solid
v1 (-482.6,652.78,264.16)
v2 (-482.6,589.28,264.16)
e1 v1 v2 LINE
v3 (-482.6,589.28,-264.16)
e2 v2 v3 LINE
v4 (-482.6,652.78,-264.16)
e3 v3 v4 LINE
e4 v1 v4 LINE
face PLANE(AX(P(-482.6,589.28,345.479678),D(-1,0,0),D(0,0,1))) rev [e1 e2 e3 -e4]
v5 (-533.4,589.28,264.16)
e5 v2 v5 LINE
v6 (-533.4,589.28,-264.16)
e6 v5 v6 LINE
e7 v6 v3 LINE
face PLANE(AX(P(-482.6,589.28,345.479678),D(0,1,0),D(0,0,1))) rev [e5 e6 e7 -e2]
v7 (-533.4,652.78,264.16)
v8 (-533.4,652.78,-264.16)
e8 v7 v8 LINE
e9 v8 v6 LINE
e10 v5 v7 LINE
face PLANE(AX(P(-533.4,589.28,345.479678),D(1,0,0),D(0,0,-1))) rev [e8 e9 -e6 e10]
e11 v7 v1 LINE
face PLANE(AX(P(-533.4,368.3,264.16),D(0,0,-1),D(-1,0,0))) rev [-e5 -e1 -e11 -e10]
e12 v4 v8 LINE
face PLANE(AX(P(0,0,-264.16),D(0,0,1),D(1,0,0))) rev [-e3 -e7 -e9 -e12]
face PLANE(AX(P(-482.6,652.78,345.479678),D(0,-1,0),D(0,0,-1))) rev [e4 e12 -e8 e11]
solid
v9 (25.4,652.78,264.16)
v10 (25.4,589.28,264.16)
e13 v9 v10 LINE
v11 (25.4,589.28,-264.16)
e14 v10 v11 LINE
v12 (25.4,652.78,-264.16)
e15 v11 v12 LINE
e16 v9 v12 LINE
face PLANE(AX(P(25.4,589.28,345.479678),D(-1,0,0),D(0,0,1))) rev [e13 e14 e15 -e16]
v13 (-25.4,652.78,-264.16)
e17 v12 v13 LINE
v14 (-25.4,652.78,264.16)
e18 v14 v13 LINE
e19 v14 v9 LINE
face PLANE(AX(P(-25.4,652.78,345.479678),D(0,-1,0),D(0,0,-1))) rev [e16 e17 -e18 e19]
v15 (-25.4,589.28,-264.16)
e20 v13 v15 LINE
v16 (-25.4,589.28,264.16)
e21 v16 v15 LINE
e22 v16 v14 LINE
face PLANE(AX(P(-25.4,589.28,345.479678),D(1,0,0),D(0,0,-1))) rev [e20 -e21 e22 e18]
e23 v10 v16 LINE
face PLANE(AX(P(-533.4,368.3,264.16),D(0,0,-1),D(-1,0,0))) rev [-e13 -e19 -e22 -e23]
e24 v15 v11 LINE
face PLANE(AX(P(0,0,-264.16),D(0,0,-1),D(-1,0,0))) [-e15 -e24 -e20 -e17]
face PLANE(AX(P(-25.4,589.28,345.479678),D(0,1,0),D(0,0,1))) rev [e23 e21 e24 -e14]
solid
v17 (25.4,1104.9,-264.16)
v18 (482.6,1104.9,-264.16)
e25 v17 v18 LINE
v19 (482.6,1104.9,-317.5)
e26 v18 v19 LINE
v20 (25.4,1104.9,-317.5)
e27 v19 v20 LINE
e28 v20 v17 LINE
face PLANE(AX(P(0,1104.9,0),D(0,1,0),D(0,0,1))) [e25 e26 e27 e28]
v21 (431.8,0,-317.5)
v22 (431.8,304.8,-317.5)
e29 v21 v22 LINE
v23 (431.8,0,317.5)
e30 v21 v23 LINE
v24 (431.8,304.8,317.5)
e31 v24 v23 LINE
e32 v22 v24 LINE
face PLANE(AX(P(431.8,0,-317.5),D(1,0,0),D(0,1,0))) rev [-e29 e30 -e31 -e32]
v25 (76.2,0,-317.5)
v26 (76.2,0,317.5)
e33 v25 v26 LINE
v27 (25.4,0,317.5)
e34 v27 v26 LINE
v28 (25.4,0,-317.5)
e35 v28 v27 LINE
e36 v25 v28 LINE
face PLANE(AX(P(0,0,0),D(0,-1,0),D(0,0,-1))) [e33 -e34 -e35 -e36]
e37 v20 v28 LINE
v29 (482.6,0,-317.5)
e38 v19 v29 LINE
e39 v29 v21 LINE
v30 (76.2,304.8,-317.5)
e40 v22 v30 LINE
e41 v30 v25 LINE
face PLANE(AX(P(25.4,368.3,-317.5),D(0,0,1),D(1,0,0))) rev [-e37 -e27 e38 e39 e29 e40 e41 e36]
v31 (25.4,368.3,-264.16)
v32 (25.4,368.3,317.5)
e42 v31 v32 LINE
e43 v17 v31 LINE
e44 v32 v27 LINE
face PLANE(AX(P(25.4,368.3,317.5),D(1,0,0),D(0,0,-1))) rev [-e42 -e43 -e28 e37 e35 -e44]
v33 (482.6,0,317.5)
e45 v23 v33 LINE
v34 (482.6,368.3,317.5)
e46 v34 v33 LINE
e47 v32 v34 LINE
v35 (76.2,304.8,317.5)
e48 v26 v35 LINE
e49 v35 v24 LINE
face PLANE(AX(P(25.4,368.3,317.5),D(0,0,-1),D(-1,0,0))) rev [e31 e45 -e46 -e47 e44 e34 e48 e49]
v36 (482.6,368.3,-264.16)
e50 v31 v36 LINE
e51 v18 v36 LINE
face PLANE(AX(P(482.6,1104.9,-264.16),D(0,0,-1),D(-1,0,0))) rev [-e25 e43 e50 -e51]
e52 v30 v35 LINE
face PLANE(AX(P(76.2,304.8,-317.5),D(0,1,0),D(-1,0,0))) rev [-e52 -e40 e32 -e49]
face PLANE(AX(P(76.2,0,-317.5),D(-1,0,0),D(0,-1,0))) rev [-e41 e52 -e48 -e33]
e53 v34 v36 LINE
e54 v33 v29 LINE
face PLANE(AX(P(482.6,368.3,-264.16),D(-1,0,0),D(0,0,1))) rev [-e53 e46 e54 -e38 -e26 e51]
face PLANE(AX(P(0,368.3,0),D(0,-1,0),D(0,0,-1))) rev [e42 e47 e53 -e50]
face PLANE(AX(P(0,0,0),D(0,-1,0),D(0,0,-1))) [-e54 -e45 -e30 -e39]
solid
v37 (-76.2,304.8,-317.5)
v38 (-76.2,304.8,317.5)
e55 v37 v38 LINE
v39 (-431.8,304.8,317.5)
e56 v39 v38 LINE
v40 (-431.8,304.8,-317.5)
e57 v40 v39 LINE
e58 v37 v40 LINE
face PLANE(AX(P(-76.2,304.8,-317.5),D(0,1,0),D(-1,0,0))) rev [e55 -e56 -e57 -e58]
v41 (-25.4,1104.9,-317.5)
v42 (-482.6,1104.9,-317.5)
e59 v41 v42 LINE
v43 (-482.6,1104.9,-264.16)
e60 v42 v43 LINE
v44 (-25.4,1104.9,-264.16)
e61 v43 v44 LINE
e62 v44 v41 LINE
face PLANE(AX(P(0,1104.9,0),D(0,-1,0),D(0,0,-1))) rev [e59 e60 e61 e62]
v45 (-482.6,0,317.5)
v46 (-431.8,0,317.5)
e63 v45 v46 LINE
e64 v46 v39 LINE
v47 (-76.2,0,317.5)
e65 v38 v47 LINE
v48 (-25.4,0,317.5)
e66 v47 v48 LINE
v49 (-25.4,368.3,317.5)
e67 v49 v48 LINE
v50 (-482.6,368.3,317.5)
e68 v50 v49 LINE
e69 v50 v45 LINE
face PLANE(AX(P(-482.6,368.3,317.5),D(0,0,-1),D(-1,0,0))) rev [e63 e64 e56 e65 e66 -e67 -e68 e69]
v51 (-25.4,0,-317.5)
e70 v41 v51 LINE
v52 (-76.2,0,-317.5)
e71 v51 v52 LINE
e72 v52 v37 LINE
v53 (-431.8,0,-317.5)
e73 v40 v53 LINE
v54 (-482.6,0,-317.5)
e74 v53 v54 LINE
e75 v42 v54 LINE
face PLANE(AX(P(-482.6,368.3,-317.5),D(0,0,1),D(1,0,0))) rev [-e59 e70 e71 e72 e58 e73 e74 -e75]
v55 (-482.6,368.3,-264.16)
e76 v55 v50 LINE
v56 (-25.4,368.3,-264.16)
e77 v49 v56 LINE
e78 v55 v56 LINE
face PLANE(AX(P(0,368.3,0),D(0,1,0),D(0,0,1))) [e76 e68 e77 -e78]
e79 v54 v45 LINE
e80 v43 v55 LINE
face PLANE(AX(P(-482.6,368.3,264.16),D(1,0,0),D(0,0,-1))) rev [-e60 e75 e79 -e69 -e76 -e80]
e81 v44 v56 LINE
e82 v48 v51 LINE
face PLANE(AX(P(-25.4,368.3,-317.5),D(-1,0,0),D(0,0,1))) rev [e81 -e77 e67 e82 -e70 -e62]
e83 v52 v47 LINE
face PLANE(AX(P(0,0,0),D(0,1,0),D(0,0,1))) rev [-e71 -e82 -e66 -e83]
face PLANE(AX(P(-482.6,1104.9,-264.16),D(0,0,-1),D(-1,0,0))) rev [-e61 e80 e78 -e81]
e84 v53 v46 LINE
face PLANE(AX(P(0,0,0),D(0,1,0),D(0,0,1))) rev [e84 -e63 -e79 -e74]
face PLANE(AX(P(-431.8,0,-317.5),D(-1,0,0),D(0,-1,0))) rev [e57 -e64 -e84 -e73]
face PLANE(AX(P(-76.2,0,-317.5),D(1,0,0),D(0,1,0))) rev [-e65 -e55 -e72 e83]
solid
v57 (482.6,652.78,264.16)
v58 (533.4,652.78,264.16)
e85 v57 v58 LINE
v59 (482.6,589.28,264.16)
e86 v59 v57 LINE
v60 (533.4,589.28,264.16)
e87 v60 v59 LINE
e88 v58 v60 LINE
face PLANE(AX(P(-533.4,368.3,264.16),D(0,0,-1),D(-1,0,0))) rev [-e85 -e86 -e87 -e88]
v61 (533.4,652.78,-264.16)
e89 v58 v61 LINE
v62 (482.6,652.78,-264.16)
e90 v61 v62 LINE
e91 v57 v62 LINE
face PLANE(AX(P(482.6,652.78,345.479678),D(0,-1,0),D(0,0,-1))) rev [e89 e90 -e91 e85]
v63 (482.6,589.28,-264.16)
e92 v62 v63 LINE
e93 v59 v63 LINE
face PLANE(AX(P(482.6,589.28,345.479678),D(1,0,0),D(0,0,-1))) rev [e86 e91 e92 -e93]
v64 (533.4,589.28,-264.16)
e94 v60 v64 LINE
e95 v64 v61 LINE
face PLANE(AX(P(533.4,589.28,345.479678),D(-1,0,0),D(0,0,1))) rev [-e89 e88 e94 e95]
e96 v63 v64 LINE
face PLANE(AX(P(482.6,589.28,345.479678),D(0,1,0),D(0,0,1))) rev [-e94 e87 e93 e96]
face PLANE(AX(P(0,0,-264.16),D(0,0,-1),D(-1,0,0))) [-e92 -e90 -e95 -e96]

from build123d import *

# Parameters (mm, degrees)
BOSS_EXTRUDE1_DEPTH     = 368.3
BOSS_EXTRUDE1_2_DEPTH   = 368.3
SKETCH2_W               = 457.2
SKETCH2_H               = 53.34
BOSS_EXTRUDE2_DEPTH     = 736.6
SKETCH3_W               = 50.8
SKETCH3_H               = 63.5
BOSS_EXTRUDE3_DEPTH     = 528.32
BOSS_EXTRUDE3_2_DEPTH   = 528.32
BOSS_EXTRUDE3_3_DEPTH   = 528.32
CUT_EXTRUDE1_DEPTH      = 1382.500839667
CUT_EXTRUDE1_DEPTH_BACK = 1382.500839667
SKETCH4_W               = 355.6
SKETCH4_H               = 304.8
SKETCH4_W_2             = 50.8
SKETCH4_H_2             = 368.3


with BuildPart() as part:
    # Sketch1 → Boss-Extrude1 (new body)
    with BuildSketch(Plane(origin=(0, 0, 0), x_dir=(1, 0, 0), z_dir=(0, 1, 0))):
        Polygon((-533.4, 264.16), (-482.6, 264.16), (-482.6, 317.5), (-25.4, 317.5), (-25.4, -317.5), (-482.6, -317.5), (-482.6, -264.16), (-533.4, -264.16), align=None)
    extrude(amount=BOSS_EXTRUDE1_DEPTH)



with BuildPart() as body_2:
    # Sketch1 → Boss-Extrude1 2 (new body)
    with BuildSketch(Plane(origin=(0, 0, 0), x_dir=(1, 0, 0), z_dir=(0, 1, 0))):
        Polygon((25.4, -317.5), (482.6, -317.5), (482.6, -264.16), (533.4, -264.16), (533.4, 264.16), (482.6, 264.16), (482.6, 317.5), (25.4, 317.5), align=None)
    extrude(amount=BOSS_EXTRUDE1_2_DEPTH)


with BuildPart() as part_1:
    add(part.part)

    add(body_2.part)  # Boss-Extrude2 merges body 2
    # Sketch2 → Boss-Extrude2 (add)
    with BuildSketch(Plane(origin=(0, 368.3, 0), x_dir=(1, 0, 0), z_dir=(0, 1, 0))):
        with Locations((-254, 290.83)):
            Rectangle(SKETCH2_W, SKETCH2_H)
        with Locations((254, 290.83)):
            Rectangle(SKETCH2_W, SKETCH2_H)
    extrude(amount=BOSS_EXTRUDE2_DEPTH)

    # Sketch4 → Cut-Extrude1 (cut, two sides: drawn at the far end of the back side and taken through both)
    with BuildSketch(Plane.XY.offset(317.5).offset(-CUT_EXTRUDE1_DEPTH_BACK)):
        with Locations((-254, 152.4)):
            Rectangle(SKETCH4_W, SKETCH4_H)
        with Locations((-508, 184.15)):
            Rectangle(SKETCH4_W_2, SKETCH4_H_2)
        with Locations((254, 152.4)):
            Rectangle(SKETCH4_W, SKETCH4_H)
        with Locations((508, 184.15)):
            Rectangle(SKETCH4_W_2, SKETCH4_H_2)
    extrude(amount=CUT_EXTRUDE1_DEPTH + CUT_EXTRUDE1_DEPTH_BACK, mode=Mode.SUBTRACT)


with BuildPart() as body_2_2:
    # Sketch3 → Boss-Extrude3 (new body)
    with BuildSketch(Plane.XY.offset(-264.16)):
        with Locations((-508, 621.03)):
            Rectangle(SKETCH3_W, SKETCH3_H)
    extrude(amount=BOSS_EXTRUDE3_DEPTH)


with BuildPart() as body_3:
    # Sketch3 → Boss-Extrude3 2 (new body)
    with BuildSketch(Plane.XY.offset(-264.16)):
        with Locations((508, 621.03)):
            Rectangle(SKETCH3_W, SKETCH3_H)
    extrude(amount=BOSS_EXTRUDE3_2_DEPTH)


with BuildPart() as body_4:
    # Sketch3 → Boss-Extrude3 3 (new body)
    with BuildSketch(Plane.XY.offset(-264.16)):
        with Locations((0, 621.03)):
            Rectangle(SKETCH3_W, SKETCH3_H)
    extrude(amount=BOSS_EXTRUDE3_3_DEPTH)


solid = Compound([part_1.part, body_2_2.part, body_3.part, body_4.part])
